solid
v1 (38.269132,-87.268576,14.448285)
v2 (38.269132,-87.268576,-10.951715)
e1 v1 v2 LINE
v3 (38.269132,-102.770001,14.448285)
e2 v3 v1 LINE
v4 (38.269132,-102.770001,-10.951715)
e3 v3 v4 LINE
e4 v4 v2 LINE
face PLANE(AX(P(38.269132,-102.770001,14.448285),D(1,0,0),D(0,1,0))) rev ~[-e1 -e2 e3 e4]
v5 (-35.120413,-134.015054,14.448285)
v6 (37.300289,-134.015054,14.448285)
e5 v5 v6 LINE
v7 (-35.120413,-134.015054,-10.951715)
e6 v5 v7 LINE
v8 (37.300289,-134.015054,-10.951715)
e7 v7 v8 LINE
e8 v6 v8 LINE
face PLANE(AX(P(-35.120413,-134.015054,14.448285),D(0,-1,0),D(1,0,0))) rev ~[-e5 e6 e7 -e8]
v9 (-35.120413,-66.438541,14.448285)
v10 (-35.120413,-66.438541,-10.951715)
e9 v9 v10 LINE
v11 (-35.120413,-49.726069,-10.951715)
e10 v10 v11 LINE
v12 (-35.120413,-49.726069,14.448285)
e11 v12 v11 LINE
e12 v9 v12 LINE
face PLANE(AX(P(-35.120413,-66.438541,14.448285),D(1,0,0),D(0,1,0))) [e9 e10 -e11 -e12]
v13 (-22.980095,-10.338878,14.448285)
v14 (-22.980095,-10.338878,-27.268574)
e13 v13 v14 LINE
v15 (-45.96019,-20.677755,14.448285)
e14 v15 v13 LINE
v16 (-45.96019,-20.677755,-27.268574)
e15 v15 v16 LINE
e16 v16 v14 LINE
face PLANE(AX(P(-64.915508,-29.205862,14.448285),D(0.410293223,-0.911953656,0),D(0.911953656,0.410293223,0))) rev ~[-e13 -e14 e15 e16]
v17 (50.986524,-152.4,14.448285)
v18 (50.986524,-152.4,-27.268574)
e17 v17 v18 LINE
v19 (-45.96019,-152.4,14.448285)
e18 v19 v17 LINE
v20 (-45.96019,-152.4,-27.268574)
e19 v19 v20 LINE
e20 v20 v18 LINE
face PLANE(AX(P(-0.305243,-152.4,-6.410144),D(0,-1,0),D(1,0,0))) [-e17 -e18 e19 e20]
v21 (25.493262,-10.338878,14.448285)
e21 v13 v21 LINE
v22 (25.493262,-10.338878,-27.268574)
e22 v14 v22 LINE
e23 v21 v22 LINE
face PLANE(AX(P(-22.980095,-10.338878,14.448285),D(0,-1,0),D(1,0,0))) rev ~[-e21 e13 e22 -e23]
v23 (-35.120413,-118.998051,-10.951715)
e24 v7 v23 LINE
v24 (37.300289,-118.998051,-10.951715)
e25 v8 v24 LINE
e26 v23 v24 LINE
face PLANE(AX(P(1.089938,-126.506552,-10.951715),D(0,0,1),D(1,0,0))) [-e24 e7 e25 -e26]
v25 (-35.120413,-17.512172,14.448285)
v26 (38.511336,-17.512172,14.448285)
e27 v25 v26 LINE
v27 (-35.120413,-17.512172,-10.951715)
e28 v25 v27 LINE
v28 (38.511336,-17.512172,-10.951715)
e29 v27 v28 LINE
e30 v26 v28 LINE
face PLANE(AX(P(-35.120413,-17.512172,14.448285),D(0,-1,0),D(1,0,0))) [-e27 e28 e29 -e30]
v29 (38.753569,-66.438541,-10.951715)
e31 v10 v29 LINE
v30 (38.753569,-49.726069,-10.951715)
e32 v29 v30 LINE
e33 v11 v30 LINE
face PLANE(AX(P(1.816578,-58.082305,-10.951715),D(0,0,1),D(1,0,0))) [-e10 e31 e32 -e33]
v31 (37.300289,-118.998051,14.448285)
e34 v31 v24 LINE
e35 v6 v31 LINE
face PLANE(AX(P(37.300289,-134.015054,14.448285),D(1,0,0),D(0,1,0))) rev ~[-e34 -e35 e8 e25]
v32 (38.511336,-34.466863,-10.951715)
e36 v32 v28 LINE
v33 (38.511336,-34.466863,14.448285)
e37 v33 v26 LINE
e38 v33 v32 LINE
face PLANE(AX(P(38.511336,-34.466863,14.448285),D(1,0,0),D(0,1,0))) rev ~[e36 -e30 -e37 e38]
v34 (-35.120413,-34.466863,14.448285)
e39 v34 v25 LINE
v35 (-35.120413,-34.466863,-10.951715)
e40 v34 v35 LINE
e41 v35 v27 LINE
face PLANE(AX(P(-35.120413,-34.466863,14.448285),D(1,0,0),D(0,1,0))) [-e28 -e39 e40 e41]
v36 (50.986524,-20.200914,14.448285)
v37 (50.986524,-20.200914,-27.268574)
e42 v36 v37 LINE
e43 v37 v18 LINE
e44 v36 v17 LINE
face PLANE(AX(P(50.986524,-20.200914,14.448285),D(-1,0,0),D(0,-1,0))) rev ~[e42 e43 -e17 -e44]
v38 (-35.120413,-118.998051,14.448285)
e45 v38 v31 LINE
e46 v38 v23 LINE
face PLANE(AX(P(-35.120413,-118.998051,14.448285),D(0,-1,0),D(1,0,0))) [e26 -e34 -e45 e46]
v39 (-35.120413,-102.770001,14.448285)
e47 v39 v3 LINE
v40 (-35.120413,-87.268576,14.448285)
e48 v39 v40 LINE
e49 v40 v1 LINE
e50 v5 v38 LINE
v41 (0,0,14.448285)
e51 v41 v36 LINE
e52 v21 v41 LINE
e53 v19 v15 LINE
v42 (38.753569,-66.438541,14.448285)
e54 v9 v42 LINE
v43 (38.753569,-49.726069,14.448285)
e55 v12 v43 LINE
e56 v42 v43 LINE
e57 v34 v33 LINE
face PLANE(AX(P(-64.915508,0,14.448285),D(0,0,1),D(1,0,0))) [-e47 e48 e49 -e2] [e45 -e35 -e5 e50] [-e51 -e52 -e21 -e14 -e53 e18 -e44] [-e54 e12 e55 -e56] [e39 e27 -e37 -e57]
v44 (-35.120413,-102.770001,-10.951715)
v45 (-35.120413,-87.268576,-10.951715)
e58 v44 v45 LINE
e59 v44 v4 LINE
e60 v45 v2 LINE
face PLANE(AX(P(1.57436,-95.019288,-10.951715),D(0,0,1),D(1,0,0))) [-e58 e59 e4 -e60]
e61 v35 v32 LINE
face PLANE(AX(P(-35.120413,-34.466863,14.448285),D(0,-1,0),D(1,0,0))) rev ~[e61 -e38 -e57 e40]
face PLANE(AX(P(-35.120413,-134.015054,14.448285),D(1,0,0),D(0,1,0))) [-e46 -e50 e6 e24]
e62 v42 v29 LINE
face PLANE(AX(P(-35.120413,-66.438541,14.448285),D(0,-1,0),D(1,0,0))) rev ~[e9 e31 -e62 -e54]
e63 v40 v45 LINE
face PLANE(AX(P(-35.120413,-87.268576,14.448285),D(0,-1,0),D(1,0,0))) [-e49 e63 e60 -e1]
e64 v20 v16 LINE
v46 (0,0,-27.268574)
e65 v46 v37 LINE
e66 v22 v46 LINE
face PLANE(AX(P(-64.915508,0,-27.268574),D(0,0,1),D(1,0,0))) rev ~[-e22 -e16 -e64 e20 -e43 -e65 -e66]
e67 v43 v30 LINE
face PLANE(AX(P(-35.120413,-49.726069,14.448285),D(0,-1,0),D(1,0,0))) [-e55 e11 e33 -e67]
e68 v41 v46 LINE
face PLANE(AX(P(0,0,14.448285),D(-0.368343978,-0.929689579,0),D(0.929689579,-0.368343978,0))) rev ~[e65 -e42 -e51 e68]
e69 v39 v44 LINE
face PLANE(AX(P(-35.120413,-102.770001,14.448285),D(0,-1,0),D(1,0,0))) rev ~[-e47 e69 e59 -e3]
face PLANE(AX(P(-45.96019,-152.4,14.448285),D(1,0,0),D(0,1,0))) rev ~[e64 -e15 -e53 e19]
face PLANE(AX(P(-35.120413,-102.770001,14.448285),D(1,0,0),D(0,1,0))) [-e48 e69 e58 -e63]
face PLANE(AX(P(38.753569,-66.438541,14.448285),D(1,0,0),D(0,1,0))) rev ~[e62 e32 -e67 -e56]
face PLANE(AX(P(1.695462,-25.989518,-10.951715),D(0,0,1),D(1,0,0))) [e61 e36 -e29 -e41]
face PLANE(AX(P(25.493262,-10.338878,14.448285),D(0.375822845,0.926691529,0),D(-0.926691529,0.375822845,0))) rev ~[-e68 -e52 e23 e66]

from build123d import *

# Parameters (mm, degrees)
F0_W      = 129.2205303907
F0_H      = 41.7168587446
F1_DEPTH  = 152.4
F2_W      = 73.6317485571
F2_H      = 16.954690218
F2_W_2    = 73.8739818335
F2_H_2    = 16.7124718428
F3_DEPTH  = 25.4
F5_DEPTH  = 41.7178587446
F6_W      = 73.389545083
F6_H      = 15.5014246702
F7_DEPTH  = 25.4
F8_W      = 72.4207013845
F8_H      = 15.017002821
F9_DEPTH  = 25.4
F11_DEPTH = 75.7919326425
F13_DEPTH = 105.4396703839
F15_DEPTH = 137.5292986631


with BuildPart() as f1:
    # F0 (on Front) → F1 (new body)
    with BuildSketch(Plane.XZ):
        with Locations((-0.3052428365, -6.4101442695)):
            Rectangle(F0_W, F0_H)
    extrude(amount=F1_DEPTH)

    # F2 (on face) → F3 (cut)
    with BuildSketch(Plane.XY.offset(14.4482851028)):
        with Locations((1.6954615712, -25.9895175695)):
            Rectangle(F2_W, F2_H)
        with Locations((1.8165782094, -58.0823048949)):
            Rectangle(F2_W_2, F2_H_2)
    extrude(amount=-F3_DEPTH, mode=Mode.SUBTRACT)

    # F4 (on face) → F5 (cut, through all)
    with BuildSketch(Plane.XY.offset(14.4482851028)):
        Polygon((64.3050223589, 0), (0, 0), (64.3050223589, -25.4777166992), align=None)
        Polygon((-64.9155080318, 0), (-64.9155080318, -29.2058624327), (0, 0), align=None)
    extrude(amount=-F5_DEPTH, mode=Mode.SUBTRACT)

    # F6 (on face) → F7 (cut)
    with BuildSketch(Plane.XY.offset(14.4482851028)):
        with Locations((1.5743598342, -95.0192883611)):
            Rectangle(F6_W, F6_H)
    extrude(amount=-F7_DEPTH, mode=Mode.SUBTRACT)

    # F8 (on face) → F9 (cut)
    with BuildSketch(Plane.XY.offset(14.4482851028)):
        with Locations((1.0899379849, -126.5065521002)):
            Rectangle(F8_W, F8_H)
    extrude(amount=-F9_DEPTH, mode=Mode.SUBTRACT)

    # F10 (on face) → F11 (cut)
    with BuildSketch(Plane.XY.offset(14.4482851028)):
        Polygon((64.3050223589, -25.4777166992), (50.9865237329, -20.2009137), (50.9865237329, -152.4), align=None)
        Polygon((64.3050223589, -25.4777166992), (50.9865237329, -152.4), (64.3050223589, -152.4), align=None)
    extrude(amount=-F11_DEPTH, mode=Mode.SUBTRACT)

    # F12 (on face) → F13 (cut)
    with BuildSketch(Plane.XY.offset(14.4482851028)):
        Polygon((-45.9601895189, -152.4), (-45.9601895189, -20.677755026), (-64.9155080318, -29.2058624327), (-64.9155080318, -152.4), align=None)
    extrude(amount=-F13_DEPTH, mode=Mode.SUBTRACT)

    # F14 (on face) → F15 (cut)
    with BuildSketch(Plane.XY.offset(14.4482851028)):
        Polygon((0, 0), (-22.9800947595, -10.338877513), (25.4932618665, -10.338877513), align=None)
    extrude(amount=-F15_DEPTH, mode=Mode.SUBTRACT)


solid = f1.part
